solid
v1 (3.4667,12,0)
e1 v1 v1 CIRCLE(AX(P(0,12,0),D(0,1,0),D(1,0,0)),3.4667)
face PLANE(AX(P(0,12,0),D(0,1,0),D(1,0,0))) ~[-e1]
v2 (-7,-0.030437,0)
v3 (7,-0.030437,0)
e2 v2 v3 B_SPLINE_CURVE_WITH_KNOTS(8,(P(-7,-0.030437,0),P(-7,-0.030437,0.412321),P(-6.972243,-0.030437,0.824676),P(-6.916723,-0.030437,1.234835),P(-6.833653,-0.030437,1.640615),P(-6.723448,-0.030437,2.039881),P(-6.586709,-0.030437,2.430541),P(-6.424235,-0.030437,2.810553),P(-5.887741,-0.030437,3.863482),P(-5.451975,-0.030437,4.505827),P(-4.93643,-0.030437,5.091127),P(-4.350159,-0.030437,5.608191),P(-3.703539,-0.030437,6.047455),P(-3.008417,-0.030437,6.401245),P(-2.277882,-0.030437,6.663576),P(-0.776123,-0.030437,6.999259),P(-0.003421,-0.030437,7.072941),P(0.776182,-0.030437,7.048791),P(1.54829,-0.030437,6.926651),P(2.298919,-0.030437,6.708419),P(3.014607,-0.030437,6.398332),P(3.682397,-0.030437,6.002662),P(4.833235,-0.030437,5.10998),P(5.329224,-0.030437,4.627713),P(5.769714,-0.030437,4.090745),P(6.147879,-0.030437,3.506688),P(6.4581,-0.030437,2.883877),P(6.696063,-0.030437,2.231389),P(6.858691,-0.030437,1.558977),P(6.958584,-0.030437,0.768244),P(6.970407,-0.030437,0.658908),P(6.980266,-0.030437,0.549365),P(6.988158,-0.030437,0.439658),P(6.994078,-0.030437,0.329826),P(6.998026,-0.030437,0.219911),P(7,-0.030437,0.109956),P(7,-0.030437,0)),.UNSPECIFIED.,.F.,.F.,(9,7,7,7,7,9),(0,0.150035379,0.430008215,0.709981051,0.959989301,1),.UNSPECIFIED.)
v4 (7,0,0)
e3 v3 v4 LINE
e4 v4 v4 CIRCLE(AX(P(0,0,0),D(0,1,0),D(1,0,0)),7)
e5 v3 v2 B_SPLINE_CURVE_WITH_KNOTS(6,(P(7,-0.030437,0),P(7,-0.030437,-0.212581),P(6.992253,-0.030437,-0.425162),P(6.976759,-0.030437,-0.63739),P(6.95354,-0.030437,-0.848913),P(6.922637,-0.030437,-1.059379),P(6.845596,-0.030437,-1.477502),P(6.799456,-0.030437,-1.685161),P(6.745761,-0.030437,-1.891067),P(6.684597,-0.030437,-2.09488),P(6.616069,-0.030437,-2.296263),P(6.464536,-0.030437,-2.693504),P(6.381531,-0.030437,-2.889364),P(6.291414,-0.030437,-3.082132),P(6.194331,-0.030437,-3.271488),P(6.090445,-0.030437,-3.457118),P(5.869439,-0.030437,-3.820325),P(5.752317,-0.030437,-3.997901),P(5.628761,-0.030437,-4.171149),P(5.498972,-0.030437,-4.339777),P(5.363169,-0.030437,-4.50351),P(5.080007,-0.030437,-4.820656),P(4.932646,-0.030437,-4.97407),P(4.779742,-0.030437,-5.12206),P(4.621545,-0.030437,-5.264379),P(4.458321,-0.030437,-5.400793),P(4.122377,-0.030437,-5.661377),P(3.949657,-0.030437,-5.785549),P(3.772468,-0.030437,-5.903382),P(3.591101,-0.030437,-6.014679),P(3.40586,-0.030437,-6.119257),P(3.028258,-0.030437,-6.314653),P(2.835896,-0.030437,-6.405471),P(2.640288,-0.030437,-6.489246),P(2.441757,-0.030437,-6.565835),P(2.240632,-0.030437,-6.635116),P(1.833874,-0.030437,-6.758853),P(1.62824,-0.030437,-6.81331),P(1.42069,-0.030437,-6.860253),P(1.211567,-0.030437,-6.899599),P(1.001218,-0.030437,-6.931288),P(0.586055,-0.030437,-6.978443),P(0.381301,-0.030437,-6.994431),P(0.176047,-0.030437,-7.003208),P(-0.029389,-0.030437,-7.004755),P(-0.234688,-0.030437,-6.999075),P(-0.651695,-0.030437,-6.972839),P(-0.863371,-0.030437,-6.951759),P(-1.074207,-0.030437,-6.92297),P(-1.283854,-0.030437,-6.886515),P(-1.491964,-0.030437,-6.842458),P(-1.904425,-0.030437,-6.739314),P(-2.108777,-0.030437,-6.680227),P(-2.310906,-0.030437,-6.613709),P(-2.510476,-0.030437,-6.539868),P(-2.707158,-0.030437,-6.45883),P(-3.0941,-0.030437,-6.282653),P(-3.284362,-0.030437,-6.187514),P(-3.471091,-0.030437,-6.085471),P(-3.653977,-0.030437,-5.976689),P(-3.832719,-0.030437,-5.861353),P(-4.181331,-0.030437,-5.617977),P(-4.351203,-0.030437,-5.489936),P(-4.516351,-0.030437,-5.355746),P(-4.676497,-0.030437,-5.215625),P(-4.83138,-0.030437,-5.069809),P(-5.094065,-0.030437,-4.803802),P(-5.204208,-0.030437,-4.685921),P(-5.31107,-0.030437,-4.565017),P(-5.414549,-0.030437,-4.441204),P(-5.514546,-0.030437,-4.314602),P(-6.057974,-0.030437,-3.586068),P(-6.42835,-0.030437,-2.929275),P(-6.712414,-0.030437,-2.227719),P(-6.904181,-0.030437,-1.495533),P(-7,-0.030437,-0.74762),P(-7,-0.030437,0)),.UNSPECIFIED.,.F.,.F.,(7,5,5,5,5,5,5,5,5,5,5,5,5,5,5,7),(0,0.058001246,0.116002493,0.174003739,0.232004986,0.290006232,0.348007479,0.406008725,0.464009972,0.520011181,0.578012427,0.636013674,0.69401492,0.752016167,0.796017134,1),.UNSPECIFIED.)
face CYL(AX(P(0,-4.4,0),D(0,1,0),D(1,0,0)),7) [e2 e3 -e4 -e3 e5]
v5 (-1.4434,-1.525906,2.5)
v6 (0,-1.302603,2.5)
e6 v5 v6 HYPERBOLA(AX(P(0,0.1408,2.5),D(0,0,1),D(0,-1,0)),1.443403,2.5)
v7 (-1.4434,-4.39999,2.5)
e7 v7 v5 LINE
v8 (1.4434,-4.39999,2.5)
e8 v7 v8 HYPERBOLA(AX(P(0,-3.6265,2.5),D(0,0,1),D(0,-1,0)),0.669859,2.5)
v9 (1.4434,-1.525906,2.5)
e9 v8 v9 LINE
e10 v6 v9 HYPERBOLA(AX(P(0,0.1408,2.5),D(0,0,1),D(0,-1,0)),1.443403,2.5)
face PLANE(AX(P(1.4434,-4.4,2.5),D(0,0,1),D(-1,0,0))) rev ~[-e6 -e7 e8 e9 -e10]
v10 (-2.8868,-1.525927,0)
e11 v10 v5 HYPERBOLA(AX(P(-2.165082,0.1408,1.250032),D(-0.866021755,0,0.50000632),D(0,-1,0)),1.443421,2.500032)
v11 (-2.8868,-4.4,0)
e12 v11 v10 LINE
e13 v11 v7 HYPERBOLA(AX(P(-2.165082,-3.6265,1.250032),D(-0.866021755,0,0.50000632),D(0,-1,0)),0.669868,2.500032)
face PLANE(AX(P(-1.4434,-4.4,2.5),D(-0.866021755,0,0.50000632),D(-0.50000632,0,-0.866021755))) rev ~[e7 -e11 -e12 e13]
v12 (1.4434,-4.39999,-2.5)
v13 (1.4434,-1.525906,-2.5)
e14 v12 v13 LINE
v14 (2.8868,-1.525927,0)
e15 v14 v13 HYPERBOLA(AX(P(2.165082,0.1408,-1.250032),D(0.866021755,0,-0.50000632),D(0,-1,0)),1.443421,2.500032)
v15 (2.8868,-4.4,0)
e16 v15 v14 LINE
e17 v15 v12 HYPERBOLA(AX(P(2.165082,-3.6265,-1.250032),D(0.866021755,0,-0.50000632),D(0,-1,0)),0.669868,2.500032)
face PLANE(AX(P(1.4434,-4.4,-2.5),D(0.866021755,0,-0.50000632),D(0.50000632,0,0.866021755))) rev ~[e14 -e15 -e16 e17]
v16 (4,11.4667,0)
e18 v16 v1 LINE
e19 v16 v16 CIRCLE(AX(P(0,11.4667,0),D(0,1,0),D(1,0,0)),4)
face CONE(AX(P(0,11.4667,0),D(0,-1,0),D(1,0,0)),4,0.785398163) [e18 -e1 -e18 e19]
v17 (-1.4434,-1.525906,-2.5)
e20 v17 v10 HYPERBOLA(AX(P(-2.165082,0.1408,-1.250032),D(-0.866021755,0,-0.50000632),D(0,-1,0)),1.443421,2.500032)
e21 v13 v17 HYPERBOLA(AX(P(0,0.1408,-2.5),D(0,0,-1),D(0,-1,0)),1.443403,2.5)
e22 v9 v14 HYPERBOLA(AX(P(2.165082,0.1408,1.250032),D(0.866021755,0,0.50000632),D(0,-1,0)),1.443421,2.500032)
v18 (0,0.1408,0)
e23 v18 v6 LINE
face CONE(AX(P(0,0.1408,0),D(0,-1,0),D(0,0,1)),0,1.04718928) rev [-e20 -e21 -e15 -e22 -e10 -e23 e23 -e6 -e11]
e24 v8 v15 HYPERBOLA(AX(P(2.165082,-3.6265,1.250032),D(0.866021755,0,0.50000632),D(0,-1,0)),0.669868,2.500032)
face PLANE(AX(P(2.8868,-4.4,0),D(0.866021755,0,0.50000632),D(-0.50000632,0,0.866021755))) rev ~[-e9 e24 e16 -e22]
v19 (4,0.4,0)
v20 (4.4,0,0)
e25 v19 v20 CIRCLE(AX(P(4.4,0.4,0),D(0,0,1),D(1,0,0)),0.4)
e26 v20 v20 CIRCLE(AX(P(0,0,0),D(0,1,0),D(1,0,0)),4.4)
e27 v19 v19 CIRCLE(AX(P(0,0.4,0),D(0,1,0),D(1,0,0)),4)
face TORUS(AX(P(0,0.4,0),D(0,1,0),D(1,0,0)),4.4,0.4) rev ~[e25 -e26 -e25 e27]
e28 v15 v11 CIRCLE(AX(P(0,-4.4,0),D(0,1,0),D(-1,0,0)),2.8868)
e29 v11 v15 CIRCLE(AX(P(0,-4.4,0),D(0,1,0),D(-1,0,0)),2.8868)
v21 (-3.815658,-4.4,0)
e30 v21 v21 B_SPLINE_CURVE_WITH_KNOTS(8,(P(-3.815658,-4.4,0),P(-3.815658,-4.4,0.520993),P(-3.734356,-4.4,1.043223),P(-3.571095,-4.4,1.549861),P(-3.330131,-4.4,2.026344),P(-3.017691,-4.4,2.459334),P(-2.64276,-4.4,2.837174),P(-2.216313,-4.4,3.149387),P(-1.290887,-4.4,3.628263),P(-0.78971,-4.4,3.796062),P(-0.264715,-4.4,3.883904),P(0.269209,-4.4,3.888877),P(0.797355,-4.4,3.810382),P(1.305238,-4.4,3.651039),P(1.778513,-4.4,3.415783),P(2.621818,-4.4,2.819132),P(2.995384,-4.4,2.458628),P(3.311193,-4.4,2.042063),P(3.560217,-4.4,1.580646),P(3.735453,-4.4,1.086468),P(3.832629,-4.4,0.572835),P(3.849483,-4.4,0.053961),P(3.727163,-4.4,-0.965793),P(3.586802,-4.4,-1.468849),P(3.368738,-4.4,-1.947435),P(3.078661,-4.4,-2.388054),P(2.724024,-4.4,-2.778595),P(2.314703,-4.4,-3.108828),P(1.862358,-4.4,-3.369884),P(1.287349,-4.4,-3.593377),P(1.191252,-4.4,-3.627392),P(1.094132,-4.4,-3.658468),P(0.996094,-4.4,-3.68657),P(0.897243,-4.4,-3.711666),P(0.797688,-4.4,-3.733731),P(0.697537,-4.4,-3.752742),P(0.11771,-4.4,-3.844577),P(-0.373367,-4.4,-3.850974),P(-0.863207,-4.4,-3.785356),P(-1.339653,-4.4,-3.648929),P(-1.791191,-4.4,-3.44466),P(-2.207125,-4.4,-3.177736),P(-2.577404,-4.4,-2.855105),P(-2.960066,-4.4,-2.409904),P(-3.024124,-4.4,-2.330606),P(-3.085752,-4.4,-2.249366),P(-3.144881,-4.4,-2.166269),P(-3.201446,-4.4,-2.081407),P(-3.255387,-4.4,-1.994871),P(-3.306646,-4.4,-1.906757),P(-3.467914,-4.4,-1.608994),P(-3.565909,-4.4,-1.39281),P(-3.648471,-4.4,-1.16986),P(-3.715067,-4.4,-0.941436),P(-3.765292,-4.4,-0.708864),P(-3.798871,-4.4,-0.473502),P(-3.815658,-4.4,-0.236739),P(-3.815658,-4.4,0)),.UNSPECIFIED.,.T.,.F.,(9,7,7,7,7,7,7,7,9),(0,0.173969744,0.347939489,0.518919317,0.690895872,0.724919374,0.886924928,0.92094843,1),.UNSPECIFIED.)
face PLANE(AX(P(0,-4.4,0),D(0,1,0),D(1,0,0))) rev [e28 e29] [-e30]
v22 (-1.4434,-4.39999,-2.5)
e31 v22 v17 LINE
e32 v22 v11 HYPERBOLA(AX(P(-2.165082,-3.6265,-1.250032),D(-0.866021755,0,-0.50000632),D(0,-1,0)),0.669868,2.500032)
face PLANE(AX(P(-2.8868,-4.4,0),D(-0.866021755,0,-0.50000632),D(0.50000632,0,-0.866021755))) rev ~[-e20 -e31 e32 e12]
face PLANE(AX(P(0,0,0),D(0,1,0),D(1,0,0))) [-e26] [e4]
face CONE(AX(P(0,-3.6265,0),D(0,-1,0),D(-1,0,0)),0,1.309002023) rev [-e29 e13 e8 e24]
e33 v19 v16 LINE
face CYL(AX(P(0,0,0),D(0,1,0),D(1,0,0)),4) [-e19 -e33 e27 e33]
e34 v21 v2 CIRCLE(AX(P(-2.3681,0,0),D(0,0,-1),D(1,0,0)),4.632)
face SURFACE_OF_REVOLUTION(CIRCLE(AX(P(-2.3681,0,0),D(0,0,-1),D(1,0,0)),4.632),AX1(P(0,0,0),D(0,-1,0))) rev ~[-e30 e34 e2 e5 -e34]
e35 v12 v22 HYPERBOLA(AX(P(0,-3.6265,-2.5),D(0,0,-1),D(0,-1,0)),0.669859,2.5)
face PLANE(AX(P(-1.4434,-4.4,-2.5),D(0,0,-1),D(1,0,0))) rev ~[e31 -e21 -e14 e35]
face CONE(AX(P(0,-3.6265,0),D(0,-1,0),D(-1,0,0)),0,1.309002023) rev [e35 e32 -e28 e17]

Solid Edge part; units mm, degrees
sketch "Sketch1" plane through (0, 0, 0) normal (0, 0, 1) x (1, 0, 0)
  line L0 (4, 0) -> (4, 12)
  line L1 (0, 12) -> (4, 12)
  line L2 (0, 0) -> (0, 12)
  line L3 (0, 0) -> (0, -4.4)
  line L4 (0, -4.4) -> (7, -4.4)
  line L5 (7, -4.4) -> (7, 0)
  line L6 (7, 0) -> (4, 0)
revolve "RevolvedProtrusion1" add sketch "Sketch1" angle 360 about axis through (0, 0, 0) along (0, 1, 0)
sketch "Sketch2" plane through (0, 0, 0) normal (1, 0, 0) x (0, 1, 0)
  line L0 (-4.4, 3.3615) -> (-1.8, 3.3615)
  line L1 (0.1408, 0) -> (-1.8, 3.3615)
  line L2 (-4.4, 0) -> (0.1408, 0)
  line L3 (-4.4, 0) -> (-4.4, 3.3615)
revolve "RevolvedCutout1" cut sketch "Sketch2" angle 360 about axis through (0, -4.5, 0) along (0, 1, 0)
sketch "Sketch3" plane through (0, -4.4, 0) normal (0, -1, 0) x (0, 0, 1)
  circle A0 centre (0, 0) radius 3.3615
  line L0 (-2.5, -1.4434) -> (0, -2.8868)
  line L1 (0, -2.8868) -> (2.5, -1.4434)
  line L2 (2.5, -1.4434) -> (2.5, 1.4434)
  line L3 (2.5, 1.4434) -> (0, 2.8868)
  line L4 (0, 2.8868) -> (-2.5, 1.4434)
  line L5 (-2.5, 1.4434) -> (-2.5, -1.4434)
  dimension "D1" = 5
extrude "Protrusion1" add sketch "Sketch3" against normal up to next
sketch "Sketch4" plane through (0, 0, 0) normal (0, 0, 1) x (1, 0, 0)
  line L0 (-2.8868, -4.4) -> (0, -4.4)
  line L1 (0, -4.4) -> (0, -3.6265)
  line L2 (0, -3.6265) -> (-2.8868, -4.4)
revolve "RevolvedCutout2" cut sketch "Sketch4" angle 360 about axis through (0, -4.5, 0) along (0, 1, 0)
fillet "Round1" radius 0.4 1 edges at (0, 0, -4)
chamfer "倒斜角_2" distance 0.5333 angle 45 1 edges at (0, 12, -4)
cosmetic_thread "螺纹_3" size "M8" thread depth 9.5
sketch "Sketch5" plane through (0, 0, 0) normal (0, 0, 1) x (1, 0, 0)
  arc A0 (-3.8153, -4.4) -> (-7, 0) centre (-2.3681, 0) cw
revolve "RevolvedCutout3" cut sketch "Sketch5" angle 360 about axis through (0, 0, 0) along (0, -1, 0) material side at (-6.1609, -2.7452, 0)
